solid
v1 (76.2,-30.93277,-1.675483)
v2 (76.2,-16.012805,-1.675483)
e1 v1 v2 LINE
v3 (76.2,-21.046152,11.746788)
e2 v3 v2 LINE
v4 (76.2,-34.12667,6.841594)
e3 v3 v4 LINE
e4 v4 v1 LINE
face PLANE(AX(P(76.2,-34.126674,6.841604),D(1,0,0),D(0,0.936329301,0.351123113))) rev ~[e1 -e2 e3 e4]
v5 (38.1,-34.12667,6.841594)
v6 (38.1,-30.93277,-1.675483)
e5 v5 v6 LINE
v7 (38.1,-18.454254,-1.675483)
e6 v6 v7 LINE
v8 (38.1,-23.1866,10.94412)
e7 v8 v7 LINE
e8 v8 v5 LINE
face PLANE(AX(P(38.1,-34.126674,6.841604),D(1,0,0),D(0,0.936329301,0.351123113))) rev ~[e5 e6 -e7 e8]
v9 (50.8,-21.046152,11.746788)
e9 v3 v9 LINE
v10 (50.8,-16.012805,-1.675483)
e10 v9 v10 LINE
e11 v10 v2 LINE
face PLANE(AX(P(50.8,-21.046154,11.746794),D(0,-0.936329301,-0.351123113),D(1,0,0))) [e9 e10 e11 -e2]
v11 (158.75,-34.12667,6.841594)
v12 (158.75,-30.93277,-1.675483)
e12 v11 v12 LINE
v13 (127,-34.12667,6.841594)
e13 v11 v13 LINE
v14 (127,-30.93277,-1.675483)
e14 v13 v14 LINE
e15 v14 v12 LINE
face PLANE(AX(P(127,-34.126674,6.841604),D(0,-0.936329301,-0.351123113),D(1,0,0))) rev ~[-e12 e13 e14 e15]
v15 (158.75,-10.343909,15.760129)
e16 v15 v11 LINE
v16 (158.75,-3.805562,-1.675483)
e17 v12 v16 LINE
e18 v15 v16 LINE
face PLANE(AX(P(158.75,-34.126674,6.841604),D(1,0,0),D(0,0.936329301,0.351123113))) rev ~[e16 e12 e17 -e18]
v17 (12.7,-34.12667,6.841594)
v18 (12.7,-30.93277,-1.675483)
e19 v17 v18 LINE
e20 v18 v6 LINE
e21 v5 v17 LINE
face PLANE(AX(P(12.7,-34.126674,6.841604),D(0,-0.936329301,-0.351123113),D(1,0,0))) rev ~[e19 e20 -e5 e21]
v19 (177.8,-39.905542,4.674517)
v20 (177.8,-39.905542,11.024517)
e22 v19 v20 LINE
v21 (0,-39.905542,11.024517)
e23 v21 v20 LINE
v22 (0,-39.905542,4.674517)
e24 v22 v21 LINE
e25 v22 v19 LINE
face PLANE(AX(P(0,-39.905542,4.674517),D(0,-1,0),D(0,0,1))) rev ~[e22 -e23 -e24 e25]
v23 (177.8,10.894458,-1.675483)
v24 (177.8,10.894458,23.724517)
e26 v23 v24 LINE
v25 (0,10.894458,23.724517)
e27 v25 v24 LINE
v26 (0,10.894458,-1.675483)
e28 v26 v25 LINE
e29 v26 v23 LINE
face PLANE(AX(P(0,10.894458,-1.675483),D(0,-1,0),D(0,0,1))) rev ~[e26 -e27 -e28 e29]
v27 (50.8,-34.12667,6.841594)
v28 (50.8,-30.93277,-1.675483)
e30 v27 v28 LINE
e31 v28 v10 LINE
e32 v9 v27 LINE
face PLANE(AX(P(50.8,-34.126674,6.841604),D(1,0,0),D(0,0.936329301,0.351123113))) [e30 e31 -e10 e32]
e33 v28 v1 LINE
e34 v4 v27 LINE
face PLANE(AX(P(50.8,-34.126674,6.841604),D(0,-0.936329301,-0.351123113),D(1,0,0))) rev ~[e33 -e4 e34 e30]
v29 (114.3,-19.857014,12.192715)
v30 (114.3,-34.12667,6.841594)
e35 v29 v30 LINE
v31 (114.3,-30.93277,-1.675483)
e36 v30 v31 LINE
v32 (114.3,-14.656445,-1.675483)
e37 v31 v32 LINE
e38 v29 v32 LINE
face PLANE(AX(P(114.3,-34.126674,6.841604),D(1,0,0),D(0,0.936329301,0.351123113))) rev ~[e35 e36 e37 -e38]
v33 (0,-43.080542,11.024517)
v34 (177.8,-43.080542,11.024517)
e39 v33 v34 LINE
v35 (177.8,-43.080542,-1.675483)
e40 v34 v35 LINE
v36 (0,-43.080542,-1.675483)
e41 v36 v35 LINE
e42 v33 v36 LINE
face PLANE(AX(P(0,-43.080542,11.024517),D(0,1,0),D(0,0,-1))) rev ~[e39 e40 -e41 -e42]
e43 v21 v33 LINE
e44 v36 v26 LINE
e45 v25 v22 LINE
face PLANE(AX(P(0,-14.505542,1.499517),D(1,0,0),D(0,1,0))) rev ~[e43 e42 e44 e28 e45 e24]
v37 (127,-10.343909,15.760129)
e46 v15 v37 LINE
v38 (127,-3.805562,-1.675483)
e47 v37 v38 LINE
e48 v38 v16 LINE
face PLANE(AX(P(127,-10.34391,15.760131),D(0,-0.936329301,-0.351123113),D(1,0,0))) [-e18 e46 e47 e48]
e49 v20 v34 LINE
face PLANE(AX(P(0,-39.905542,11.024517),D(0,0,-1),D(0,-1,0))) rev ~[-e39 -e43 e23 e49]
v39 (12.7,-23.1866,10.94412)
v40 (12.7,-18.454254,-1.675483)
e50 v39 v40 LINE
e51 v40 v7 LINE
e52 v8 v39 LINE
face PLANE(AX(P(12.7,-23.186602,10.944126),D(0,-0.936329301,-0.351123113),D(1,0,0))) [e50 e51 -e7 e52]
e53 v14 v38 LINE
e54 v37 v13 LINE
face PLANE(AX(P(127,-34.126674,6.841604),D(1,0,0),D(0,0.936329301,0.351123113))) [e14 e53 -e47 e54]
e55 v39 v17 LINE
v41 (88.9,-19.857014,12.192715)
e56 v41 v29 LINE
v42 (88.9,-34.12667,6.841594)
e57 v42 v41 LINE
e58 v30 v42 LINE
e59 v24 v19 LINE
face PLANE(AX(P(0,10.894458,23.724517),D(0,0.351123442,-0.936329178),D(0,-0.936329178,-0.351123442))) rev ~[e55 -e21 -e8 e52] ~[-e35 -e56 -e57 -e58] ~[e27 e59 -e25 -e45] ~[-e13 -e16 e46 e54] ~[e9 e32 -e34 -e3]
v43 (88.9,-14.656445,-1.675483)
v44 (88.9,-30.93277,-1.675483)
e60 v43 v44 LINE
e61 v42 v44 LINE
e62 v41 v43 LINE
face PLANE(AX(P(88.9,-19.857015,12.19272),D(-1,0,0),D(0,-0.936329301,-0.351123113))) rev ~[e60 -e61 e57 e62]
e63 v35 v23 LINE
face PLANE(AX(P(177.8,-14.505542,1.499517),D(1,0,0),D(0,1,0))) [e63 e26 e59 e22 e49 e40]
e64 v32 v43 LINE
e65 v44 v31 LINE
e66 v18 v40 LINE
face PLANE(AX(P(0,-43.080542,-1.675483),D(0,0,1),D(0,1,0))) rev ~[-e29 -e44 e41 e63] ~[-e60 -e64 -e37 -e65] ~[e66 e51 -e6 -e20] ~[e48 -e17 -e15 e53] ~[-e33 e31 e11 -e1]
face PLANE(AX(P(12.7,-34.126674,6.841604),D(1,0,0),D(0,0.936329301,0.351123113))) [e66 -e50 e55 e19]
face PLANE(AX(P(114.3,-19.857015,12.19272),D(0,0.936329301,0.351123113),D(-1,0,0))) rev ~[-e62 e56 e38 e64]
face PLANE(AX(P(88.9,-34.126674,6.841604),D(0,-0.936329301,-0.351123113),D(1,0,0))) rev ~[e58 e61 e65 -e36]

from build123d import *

# Parameters (mm, degrees)
F0_W     = 50.8
F0_H     = 6.35
F1_DEPTH = 177.8
F2_W     = 25.4
F2_H     = 13.97
F2_H_2   = 11.684
F2_W_2   = 31.75
F2_H_3   = 25.4
F3_DEPTH = 25.4


with BuildPart() as f1:
    # F0 (on Right) → F1 (new body)
    with BuildSketch(Plane.YZ):
        with Locations((-14.505542, 1.499517)):
            Rectangle(F0_W, F0_H)
        Polygon((10.894458, 23.724517), (-39.905542, 4.674517), (10.894458, 4.674517), align=None)
        Polygon((-39.905542, -1.675483), (-39.905542, 4.674517), (-39.905542, 11.024517), (-43.080542, 11.024517), (-43.080542, -1.675483), align=None)
    extrude(amount=F1_DEPTH)

    # F2 (on face) → F3 (cut)
    with BuildSketch(Plane(origin=(0, -6.456689, 17.217837), x_dir=(1, 0, 0), z_dir=(0, -0.351123, 0.936329))):
        Polygon((101.6, -29.551553), (114.3, -29.551553), (114.3, -14.311553), (88.9, -14.311553), (88.9, -29.551553), align=None)
        with Locations((63.5, -22.566553)):
            Rectangle(F2_W, F2_H)
        with Locations((25.4, -23.709553)):
            Rectangle(F2_W, F2_H_2)
        with Locations((142.875, -16.851553)):
            Rectangle(F2_W_2, F2_H_3)
    extrude(amount=-F3_DEPTH, mode=Mode.SUBTRACT)


solid = f1.part
